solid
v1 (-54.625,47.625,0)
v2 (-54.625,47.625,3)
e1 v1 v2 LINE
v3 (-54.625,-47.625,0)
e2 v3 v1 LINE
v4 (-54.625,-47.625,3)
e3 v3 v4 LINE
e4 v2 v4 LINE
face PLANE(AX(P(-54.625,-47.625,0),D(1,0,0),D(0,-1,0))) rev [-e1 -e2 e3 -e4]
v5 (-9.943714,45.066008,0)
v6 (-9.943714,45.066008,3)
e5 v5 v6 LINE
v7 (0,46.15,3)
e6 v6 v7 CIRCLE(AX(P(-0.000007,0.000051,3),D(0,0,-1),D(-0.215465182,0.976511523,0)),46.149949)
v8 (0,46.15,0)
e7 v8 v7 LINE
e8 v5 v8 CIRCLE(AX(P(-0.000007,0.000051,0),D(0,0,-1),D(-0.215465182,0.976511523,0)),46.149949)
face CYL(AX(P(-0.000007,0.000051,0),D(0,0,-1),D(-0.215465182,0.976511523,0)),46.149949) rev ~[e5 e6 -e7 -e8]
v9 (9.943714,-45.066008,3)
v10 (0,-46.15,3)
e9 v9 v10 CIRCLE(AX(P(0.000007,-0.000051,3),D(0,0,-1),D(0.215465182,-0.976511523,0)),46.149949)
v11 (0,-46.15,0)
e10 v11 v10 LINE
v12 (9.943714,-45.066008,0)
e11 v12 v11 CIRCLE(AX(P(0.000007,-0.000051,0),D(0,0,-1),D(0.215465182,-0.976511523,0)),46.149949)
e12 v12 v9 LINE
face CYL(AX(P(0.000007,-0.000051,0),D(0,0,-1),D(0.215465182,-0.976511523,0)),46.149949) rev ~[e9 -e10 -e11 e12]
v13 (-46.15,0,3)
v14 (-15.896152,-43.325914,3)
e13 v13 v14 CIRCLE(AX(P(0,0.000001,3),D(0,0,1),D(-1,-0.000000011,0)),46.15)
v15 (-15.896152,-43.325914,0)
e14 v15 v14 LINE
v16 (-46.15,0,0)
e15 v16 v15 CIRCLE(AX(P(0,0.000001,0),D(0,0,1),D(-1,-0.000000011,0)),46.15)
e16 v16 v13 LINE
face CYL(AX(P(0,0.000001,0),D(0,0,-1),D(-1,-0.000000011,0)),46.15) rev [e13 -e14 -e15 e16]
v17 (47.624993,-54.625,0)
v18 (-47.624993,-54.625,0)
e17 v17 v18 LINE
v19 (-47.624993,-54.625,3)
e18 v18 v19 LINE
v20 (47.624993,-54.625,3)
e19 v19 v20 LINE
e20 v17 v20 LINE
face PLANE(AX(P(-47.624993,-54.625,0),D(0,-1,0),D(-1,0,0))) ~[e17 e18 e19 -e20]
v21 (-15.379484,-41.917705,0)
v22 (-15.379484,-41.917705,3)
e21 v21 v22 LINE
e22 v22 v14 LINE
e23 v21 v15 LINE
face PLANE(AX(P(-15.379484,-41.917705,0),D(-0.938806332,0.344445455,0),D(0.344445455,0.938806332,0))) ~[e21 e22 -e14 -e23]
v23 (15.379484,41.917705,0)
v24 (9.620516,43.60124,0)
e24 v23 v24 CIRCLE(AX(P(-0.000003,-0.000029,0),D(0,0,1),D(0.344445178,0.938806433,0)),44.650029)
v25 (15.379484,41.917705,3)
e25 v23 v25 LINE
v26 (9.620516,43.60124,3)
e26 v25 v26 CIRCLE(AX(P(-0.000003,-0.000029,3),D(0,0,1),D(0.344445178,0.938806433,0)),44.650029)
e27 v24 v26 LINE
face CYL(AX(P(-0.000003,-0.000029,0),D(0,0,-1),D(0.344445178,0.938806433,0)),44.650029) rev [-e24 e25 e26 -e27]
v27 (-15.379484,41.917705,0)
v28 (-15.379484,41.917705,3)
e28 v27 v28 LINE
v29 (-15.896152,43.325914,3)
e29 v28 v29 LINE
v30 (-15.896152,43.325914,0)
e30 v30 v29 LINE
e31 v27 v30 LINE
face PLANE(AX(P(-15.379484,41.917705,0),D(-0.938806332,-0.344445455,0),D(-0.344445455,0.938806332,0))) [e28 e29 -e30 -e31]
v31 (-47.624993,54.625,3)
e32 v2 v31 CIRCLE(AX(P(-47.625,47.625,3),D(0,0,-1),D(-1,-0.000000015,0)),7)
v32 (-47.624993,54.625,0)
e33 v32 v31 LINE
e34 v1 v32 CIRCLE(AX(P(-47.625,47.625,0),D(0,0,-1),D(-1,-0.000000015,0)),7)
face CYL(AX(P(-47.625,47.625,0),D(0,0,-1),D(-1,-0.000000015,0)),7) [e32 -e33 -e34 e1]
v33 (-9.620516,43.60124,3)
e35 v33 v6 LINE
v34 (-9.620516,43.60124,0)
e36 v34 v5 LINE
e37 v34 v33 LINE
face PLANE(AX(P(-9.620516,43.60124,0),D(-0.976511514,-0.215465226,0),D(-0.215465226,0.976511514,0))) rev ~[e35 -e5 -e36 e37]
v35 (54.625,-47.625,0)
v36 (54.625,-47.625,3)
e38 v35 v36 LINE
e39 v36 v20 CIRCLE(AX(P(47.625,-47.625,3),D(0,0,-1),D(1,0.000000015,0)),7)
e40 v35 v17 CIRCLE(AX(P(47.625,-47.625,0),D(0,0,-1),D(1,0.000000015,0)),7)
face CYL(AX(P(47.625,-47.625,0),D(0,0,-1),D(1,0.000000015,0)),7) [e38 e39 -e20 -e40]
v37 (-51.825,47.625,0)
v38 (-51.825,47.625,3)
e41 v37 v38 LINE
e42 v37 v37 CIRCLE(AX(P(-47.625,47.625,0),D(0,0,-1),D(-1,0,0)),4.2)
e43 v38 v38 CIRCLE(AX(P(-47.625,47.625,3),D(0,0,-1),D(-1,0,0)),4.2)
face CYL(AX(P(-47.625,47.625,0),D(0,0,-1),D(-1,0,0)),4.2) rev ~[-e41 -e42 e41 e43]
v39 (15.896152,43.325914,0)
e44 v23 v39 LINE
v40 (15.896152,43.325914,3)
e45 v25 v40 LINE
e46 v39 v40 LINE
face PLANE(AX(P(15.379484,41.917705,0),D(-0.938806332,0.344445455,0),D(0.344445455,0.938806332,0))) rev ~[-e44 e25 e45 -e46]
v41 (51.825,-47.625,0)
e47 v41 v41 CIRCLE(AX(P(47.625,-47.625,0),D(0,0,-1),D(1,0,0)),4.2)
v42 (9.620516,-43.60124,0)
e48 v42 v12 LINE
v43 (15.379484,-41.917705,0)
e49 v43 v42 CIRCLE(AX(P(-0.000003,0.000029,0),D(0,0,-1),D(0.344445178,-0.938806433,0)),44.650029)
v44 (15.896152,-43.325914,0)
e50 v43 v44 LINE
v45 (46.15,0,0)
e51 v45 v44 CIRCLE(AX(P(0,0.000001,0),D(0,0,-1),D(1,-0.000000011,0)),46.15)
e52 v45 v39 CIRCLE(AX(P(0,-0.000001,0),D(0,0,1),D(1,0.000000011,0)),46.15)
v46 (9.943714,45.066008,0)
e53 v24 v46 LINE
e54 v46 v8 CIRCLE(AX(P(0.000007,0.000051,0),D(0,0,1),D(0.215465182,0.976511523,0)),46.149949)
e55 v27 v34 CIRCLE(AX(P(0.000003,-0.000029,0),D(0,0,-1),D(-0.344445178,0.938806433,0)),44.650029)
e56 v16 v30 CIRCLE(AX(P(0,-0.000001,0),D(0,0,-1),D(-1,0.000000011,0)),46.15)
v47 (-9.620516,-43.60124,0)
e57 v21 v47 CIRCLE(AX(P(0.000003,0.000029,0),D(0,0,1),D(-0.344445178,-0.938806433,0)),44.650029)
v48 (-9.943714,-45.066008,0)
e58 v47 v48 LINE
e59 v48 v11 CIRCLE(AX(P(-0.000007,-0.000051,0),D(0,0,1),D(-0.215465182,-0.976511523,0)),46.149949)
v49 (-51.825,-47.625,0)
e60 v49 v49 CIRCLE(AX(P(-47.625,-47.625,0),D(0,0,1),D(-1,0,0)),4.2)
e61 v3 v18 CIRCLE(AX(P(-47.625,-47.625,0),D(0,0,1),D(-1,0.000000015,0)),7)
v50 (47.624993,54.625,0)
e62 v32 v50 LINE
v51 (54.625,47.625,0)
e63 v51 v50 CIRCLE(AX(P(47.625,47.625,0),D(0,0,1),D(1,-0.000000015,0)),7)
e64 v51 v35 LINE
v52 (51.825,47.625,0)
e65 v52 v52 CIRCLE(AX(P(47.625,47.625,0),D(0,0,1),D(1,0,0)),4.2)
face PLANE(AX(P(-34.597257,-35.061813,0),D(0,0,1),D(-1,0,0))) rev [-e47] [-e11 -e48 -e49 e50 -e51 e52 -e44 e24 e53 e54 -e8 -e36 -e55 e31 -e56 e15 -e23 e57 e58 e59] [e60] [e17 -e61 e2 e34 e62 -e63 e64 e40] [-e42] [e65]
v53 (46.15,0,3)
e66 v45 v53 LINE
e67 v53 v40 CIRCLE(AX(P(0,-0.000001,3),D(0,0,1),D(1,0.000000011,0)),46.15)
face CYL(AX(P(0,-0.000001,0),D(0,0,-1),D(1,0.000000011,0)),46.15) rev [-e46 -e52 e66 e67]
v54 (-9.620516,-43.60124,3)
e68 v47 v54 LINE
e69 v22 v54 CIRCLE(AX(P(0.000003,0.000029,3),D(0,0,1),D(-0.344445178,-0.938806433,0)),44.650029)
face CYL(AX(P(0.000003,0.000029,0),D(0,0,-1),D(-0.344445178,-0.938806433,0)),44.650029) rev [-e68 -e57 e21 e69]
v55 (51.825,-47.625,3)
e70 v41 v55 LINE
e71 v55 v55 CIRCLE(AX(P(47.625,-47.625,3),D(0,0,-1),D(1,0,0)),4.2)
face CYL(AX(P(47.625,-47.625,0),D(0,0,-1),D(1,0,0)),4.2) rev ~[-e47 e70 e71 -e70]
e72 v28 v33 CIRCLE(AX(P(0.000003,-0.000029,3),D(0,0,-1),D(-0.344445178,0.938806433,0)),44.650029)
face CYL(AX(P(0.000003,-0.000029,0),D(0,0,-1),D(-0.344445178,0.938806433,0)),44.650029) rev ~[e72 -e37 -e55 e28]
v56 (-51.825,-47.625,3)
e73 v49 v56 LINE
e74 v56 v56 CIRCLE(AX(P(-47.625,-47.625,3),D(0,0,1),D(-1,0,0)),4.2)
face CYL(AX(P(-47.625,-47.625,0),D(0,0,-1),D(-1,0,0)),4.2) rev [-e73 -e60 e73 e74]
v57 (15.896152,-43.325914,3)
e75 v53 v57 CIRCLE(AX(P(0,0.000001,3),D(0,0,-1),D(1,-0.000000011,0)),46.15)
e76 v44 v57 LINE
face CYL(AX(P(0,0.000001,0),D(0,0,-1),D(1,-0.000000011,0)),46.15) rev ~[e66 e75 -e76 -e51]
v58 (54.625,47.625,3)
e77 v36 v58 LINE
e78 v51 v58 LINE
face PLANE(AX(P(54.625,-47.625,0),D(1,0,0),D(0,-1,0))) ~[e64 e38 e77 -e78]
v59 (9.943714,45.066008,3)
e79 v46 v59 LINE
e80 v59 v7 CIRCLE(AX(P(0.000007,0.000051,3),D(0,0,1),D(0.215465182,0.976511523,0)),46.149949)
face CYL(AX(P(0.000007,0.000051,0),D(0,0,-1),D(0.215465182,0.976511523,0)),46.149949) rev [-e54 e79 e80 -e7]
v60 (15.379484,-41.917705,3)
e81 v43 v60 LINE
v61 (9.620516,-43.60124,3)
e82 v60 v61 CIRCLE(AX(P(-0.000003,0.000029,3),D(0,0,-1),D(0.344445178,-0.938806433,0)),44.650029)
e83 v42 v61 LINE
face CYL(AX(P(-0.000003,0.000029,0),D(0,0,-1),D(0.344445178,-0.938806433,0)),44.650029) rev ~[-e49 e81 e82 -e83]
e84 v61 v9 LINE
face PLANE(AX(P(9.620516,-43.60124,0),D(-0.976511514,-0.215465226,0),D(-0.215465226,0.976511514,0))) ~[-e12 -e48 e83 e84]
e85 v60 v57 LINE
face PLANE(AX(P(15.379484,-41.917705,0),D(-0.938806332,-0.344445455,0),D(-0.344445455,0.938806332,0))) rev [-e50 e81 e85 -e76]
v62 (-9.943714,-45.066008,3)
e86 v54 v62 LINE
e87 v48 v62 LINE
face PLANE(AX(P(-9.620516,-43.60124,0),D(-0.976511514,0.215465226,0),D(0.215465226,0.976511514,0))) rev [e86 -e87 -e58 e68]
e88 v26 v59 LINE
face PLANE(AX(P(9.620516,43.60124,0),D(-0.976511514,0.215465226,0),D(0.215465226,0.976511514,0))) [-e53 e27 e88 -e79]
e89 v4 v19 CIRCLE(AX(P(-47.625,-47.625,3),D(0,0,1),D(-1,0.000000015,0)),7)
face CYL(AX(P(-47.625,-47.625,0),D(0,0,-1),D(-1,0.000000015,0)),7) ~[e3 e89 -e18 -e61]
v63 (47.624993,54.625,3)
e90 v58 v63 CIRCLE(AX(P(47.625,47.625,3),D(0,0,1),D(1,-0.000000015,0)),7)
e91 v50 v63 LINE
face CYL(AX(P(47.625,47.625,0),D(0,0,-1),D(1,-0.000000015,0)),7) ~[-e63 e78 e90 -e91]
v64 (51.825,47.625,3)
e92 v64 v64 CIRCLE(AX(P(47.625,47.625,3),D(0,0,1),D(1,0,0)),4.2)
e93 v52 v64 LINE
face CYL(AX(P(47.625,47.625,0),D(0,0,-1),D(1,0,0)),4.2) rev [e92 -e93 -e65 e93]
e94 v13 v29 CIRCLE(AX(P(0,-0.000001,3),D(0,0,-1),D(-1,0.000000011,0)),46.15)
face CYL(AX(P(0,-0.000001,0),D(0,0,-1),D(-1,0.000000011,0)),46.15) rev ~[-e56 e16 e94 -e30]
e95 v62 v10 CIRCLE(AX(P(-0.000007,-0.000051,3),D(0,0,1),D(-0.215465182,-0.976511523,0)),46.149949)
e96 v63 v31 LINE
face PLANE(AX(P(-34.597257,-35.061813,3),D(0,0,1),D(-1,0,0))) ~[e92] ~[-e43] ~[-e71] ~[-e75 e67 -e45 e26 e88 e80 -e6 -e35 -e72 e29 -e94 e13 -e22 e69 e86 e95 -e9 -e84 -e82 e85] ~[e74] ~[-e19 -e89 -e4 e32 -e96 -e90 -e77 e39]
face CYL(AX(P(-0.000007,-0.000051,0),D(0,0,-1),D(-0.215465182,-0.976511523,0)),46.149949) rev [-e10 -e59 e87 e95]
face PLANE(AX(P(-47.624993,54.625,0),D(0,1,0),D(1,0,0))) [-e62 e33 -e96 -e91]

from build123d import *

# Parameters (mm, degrees)
SKETCH004_R                = 4.2
PAD001_DEPTH               = 3
SKETCH004_MIRRORED003_2_R  = 4.2
PAD001_MIRRORED003_2_DEPTH = 3


with BuildPart() as part:
    # Sketch004 → Pad001 (new body)
    with BuildSketch(Plane.XY):
        with BuildLine():
            ThreePointArc((46.15, 0), (37.838009, 26.421725), (15.896152, 43.325914))
            Line((15.379484, 41.917705), (15.896152, 43.325914))
            ThreePointArc((15.379484, 41.917705), (12.528311, 42.856317), (9.620516, 43.60124))
            Line((9.620516, 43.60124), (9.943714, 45.066008))
            ThreePointArc((9.943714, 45.066008), (5.001312, 45.878202), (0, 46.15))
            Line((0, 46.15), (0, 54.625))
            Line((47.624993, 54.625), (0, 54.625))
            ThreePointArc((54.625, 47.625), (52.574745, 52.57475), (47.624993, 54.625))
            Line((54.625, 47.625), (54.625, 0))
            Line((46.15, 0), (54.625, 0))
        make_face()
        with Locations((47.625, 47.625)):
            Circle(SKETCH004_R, mode=Mode.SUBTRACT)
    pad001 = extrude(amount=PAD001_DEPTH)

    # Sketch004 Mirrored003 2 → Pad001 Mirrored003 2 (add)
    with BuildSketch(Plane(origin=(0, 0, 0), x_dir=(-1, 0, 0), z_dir=(0, 0, -1))):
        with BuildLine():
            ThreePointArc((46.15, 0), (37.838009, 26.421725), (15.896152, 43.325914))
            Line((15.379484, 41.917705), (15.896152, 43.325914))
            ThreePointArc((15.379484, 41.917705), (12.528311, 42.856317), (9.620516, 43.60124))
            Line((9.620516, 43.60124), (9.943714, 45.066008))
            ThreePointArc((9.943714, 45.066008), (5.001312, 45.878202), (0, 46.15))
            Line((0, 46.15), (0, 54.625))
            Line((47.624993, 54.625), (0, 54.625))
            ThreePointArc((54.625, 47.625), (52.574745, 52.57475), (47.624993, 54.625))
            Line((54.625, 47.625), (54.625, 0))
            Line((46.15, 0), (54.625, 0))
        make_face()
        with Locations((47.625, 47.625)):
            Circle(SKETCH004_MIRRORED003_2_R, mode=Mode.SUBTRACT)
    pad001_mirrored003_2 = extrude(amount=-PAD001_MIRRORED003_2_DEPTH)

    # Mirrored004: Pad001, Pad001 Mirrored003 2 across Sketch004 H_Axis
    add(pad001.mirror(Plane.ZX))
    add(pad001_mirrored003_2.mirror(Plane.ZX))


solid = part.part
